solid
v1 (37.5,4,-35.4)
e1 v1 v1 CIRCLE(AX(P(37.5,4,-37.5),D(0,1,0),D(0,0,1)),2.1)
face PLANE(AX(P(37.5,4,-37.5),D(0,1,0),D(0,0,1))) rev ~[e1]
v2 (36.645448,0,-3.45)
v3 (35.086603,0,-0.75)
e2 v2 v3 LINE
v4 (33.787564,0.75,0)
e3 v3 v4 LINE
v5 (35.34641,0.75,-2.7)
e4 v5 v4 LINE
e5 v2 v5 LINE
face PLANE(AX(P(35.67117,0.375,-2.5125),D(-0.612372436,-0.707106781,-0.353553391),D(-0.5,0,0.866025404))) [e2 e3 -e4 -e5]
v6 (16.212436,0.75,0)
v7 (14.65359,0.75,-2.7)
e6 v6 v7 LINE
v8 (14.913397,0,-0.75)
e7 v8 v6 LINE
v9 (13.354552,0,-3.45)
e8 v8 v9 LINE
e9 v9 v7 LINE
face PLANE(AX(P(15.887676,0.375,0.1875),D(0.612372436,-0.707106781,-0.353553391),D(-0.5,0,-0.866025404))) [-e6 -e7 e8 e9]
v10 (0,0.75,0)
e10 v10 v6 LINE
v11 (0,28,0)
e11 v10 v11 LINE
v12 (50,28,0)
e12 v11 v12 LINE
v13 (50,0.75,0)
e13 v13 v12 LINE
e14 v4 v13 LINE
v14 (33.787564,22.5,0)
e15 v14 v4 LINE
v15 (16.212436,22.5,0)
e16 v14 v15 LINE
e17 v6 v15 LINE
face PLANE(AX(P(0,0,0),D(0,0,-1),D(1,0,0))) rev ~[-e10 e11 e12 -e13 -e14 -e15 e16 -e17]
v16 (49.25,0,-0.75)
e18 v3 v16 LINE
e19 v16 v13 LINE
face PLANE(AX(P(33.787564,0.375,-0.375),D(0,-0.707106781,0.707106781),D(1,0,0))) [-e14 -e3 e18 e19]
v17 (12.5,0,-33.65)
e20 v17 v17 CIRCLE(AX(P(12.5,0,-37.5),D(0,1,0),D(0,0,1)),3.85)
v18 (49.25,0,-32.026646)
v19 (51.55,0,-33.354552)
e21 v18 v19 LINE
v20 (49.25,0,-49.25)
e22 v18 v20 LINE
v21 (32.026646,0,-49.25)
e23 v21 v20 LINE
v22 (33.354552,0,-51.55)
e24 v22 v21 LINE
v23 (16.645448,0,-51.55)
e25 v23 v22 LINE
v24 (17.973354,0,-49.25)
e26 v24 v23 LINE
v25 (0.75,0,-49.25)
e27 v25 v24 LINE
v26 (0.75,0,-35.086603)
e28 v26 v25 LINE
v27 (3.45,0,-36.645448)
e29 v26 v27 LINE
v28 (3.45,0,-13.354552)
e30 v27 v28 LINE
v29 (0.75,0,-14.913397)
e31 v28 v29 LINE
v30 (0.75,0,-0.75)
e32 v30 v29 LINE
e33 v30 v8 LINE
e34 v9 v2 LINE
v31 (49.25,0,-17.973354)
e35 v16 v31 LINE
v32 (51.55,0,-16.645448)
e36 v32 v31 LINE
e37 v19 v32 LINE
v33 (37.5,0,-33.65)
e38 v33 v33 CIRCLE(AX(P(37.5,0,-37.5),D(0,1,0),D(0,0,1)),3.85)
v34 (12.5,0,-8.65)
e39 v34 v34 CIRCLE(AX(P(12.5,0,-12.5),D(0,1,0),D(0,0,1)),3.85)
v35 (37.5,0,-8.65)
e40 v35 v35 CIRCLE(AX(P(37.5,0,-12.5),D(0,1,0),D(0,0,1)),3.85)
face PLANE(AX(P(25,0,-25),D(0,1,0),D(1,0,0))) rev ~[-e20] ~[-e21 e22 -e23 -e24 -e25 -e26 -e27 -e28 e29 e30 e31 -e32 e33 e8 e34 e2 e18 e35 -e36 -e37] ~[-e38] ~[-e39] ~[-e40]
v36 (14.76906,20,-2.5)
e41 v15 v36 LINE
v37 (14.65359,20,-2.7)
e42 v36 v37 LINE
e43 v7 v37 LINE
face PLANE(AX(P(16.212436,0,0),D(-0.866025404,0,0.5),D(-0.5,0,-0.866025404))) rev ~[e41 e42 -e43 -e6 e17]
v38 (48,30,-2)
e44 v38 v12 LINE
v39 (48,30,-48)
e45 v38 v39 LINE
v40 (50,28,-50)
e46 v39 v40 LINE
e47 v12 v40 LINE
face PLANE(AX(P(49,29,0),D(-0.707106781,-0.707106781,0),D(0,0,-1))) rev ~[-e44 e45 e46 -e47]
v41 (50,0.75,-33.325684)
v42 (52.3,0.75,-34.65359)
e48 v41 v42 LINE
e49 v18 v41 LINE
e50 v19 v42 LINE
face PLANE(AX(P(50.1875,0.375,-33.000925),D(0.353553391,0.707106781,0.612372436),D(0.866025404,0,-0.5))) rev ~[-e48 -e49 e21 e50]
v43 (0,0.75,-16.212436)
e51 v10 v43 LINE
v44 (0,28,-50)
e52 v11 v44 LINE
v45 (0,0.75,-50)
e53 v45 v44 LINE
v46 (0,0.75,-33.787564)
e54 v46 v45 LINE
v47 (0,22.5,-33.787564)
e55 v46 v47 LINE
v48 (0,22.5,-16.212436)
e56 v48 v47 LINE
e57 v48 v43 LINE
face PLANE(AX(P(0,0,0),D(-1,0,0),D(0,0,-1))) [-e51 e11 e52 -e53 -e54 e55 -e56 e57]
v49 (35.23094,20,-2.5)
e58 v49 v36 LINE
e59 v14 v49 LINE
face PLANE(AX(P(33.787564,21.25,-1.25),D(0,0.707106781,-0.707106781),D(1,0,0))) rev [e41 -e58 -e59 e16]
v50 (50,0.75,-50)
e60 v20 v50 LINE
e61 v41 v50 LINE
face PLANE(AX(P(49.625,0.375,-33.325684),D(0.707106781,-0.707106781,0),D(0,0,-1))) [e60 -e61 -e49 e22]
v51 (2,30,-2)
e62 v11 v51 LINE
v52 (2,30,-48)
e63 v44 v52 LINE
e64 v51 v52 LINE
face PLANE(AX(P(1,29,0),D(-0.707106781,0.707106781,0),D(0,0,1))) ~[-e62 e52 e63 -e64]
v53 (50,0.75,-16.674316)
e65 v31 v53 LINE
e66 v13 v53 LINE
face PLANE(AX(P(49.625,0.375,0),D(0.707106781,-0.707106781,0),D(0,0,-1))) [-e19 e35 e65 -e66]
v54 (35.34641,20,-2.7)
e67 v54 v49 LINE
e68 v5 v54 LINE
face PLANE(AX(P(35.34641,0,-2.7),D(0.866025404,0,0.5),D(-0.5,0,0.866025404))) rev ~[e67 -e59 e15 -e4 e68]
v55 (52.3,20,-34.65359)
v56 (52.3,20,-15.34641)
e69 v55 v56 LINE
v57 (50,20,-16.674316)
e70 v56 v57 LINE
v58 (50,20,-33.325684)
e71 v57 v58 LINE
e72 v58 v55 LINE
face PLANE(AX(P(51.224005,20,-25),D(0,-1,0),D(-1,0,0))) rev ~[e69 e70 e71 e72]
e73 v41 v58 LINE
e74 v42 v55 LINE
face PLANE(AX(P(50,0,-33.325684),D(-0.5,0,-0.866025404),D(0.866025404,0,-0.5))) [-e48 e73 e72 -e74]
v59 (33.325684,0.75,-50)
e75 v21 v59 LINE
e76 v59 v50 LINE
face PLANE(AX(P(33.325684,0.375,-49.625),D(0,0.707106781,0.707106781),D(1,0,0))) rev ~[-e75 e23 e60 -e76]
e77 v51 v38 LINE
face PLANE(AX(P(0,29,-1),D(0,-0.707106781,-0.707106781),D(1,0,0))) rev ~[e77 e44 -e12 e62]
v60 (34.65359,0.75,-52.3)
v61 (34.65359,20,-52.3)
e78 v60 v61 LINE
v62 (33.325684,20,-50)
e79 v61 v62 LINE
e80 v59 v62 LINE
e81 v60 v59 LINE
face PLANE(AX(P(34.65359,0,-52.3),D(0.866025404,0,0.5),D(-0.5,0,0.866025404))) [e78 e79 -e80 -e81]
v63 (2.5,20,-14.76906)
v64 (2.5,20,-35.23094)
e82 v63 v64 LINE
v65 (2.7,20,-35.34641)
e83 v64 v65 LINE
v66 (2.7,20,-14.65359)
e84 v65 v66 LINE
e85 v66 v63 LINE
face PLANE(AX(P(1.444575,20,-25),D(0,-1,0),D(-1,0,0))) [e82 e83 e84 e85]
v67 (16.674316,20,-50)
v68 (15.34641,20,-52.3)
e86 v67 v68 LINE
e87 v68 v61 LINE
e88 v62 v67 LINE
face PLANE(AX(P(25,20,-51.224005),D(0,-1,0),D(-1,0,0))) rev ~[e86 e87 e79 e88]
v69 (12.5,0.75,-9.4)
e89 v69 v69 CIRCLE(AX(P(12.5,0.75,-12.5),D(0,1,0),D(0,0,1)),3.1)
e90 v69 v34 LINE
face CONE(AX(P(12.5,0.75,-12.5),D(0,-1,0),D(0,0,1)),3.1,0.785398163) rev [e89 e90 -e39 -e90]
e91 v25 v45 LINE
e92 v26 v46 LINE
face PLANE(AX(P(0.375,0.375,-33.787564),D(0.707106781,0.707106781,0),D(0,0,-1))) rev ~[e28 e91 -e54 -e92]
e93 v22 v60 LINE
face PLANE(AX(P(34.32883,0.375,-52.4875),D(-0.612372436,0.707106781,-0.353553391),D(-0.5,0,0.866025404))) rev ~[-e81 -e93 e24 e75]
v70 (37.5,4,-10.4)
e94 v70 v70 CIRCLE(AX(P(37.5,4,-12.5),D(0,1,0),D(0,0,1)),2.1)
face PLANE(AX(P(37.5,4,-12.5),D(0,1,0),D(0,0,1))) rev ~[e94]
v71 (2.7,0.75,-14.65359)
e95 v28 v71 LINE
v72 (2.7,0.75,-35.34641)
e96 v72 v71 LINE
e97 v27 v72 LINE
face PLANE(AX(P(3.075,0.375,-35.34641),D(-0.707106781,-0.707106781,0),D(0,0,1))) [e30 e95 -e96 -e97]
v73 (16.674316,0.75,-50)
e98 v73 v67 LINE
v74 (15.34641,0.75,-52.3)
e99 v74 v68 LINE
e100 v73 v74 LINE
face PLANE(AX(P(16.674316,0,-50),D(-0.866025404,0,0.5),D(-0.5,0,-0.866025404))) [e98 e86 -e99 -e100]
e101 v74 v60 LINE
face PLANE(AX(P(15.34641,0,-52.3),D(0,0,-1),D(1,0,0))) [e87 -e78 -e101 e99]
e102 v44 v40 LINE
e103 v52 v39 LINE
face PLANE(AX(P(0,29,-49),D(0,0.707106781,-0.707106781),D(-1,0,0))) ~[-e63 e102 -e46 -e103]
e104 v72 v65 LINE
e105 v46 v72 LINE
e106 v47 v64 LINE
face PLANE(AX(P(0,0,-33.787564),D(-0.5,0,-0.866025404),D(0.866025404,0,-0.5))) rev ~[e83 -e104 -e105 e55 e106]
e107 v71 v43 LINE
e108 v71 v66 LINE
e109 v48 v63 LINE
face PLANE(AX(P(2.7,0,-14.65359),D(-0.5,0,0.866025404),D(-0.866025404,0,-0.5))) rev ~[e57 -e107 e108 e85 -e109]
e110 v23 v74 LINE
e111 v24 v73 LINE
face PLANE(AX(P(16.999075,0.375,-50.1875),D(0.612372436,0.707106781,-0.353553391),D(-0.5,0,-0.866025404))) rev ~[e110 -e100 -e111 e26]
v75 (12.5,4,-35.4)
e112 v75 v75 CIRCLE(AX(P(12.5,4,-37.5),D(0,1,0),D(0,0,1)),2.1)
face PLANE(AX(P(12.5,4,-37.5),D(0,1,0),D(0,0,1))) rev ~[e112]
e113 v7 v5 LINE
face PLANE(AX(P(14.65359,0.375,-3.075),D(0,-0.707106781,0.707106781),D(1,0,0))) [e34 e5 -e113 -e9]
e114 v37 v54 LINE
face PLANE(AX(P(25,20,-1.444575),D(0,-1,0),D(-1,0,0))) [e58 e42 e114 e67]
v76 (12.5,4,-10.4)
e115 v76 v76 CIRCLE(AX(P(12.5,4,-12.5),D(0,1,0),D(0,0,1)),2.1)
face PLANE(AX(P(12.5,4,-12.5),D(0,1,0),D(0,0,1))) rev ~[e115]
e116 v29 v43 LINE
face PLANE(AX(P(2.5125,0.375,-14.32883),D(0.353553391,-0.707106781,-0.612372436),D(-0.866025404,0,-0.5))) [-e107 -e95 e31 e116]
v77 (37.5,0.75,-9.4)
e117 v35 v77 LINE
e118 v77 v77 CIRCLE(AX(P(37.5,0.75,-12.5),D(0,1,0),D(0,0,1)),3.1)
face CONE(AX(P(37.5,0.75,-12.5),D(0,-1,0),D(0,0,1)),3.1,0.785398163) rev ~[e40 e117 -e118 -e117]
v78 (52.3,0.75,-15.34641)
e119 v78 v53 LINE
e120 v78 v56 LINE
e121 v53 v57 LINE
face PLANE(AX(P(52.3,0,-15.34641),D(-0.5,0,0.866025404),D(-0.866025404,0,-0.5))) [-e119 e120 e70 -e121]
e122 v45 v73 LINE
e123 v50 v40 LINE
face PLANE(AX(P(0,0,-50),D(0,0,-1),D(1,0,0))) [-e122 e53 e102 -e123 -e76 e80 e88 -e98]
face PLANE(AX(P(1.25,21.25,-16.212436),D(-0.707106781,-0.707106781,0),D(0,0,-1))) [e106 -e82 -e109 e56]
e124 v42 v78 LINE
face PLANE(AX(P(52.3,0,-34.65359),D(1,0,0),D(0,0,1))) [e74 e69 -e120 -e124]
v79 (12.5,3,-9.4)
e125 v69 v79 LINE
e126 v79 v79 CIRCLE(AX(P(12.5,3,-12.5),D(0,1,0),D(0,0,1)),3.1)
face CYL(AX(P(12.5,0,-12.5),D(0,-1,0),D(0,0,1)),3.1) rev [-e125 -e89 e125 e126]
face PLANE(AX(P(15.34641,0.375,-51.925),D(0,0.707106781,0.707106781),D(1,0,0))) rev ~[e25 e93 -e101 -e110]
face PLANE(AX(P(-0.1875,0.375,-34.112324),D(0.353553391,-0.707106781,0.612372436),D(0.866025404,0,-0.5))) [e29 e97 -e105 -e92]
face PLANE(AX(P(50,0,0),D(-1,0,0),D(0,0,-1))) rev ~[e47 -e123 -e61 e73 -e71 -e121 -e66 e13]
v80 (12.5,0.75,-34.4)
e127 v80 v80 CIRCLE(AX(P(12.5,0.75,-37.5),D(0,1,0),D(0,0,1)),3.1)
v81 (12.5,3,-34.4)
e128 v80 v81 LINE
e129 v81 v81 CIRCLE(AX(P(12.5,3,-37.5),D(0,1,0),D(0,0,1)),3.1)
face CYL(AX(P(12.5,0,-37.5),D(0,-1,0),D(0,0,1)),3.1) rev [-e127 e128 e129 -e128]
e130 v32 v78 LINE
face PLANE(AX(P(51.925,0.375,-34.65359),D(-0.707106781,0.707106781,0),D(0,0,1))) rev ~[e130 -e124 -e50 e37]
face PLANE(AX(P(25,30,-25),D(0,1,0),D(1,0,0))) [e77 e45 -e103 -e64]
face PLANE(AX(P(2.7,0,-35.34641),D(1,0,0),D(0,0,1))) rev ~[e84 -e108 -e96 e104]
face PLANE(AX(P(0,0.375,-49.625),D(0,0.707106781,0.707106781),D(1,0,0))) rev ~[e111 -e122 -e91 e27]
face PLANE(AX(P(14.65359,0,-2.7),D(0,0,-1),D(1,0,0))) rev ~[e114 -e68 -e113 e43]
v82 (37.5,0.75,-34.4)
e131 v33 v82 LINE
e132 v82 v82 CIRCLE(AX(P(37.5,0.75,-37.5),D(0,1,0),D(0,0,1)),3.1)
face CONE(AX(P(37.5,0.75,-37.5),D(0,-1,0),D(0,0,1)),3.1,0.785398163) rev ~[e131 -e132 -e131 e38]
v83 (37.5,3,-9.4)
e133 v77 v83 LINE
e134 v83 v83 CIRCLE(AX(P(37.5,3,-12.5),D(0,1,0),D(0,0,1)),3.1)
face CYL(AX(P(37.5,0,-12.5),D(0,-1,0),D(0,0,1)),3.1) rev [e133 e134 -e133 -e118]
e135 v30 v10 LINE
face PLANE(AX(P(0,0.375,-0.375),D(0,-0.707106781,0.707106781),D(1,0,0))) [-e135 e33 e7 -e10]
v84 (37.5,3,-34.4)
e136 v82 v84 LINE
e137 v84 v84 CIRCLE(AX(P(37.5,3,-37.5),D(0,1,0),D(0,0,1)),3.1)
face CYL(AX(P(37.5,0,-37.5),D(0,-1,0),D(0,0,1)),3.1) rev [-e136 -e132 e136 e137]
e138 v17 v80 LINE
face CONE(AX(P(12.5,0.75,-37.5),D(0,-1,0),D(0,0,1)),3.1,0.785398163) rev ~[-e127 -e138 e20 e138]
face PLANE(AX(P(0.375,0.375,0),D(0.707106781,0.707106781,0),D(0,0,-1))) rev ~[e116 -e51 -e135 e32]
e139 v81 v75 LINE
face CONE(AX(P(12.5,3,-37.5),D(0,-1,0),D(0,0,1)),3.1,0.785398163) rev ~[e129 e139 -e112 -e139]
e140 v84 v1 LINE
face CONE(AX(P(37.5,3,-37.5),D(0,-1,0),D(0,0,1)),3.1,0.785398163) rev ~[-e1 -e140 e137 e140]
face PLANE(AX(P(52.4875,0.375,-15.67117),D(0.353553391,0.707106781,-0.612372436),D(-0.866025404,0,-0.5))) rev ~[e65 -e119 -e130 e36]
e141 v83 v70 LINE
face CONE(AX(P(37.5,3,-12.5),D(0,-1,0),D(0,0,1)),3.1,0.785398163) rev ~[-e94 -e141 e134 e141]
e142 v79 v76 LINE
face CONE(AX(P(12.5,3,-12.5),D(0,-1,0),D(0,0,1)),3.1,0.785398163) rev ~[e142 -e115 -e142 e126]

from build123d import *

# Parameters (mm, degrees)
SKETCH1_W           = 50
SKETCH1_H           = 50
BOSS_EXTRUDE1_DEPTH = 30
BOSS_EXTRUDE2_DEPTH = 20
BOSS_EXTRUDE3_DEPTH = 20
CUT_EXTRUDE5_DEPTH  = 20
CUT_EXTRUDE6_DEPTH  = 20
CHAMFER1_SIZE       = 2
SKETCH4_R           = 3.1
CUT_EXTRUDE4_DEPTH  = 4
CHAMFER2_SIZE       = 1
CHAMFER3_SIZE       = 0.75
CHAMFER4_SIZE       = 2.5


with BuildPart() as part:
    # Sketch1 → Boss-Extrude1 (new body)
    with BuildSketch(Plane(origin=(0, 0, 0), x_dir=(1, 0, 0), z_dir=(0, 1, 0))):
        with Locations((25, 25)):
            Rectangle(SKETCH1_W, SKETCH1_H)
    extrude(amount=BOSS_EXTRUDE1_DEPTH)

    # Sketch3 → Boss-Extrude2 (add)
    with BuildSketch(Plane(origin=(0, 0, 0), x_dir=(1, 0, 0), z_dir=(0, 1, 0))):
        Polygon((50, 16.674315781), (50, 33.325684219), (52.3, 34.653589838), (52.3, 15.346410162), align=None)
    extrude(amount=BOSS_EXTRUDE2_DEPTH)

    # Sketch3<3> → Boss-Extrude3 (add)
    with BuildSketch(Plane(origin=(0, 0, 0), x_dir=(1, 0, 0), z_dir=(0, 1, 0))):
        Polygon((33.325684219, 50), (16.674315781, 50), (15.346410162, 52.3), (34.653589838, 52.3), align=None)
    extrude(amount=BOSS_EXTRUDE3_DEPTH)

    # Sketch3<6> → Cut-Extrude5 (cut)
    with BuildSketch(Plane(origin=(0, 0, 0), x_dir=(1, 0, 0), z_dir=(0, 1, 0))):
        Polygon((0, 33.787564435), (2.7, 35.346410162), (2.7, 14.653589838), (0, 16.212435565), align=None)
    extrude(amount=CUT_EXTRUDE5_DEPTH, mode=Mode.SUBTRACT)

    # Sketch3<7> → Cut-Extrude6 (cut)
    with BuildSketch(Plane(origin=(0, 0, 0), x_dir=(1, 0, 0), z_dir=(0, 1, 0))):
        Polygon((16.212435565, 0), (14.653589838, 2.7), (35.346410162, 2.7), (33.787564435, 0), align=None)
    extrude(amount=CUT_EXTRUDE6_DEPTH, mode=Mode.SUBTRACT)

    # Chamfer1
    chamfer1_edges = [part.edges().sort_by_distance(p)[0] for p in [
        (25, 30, -50),
        (50, 30, -25),
        (25, 30, 0),
        (0, 30, -25),
    ]]
    chamfer(chamfer1_edges, length=CHAMFER1_SIZE)

    # Sketch4 → Cut-Extrude4 (cut)
    with BuildSketch(Plane(origin=(0, 0, 0), x_dir=(1, 0, 0), z_dir=(0, 1, 0))):
        with Locations((12.5, 37.5)):
            Circle(SKETCH4_R)
        with Locations((37.5, 37.5)):
            Circle(SKETCH4_R)
        with Locations((37.5, 12.5)):
            Circle(SKETCH4_R)
        with Locations((12.5, 12.5)):
            Circle(SKETCH4_R)
    extrude(amount=CUT_EXTRUDE4_DEPTH, mode=Mode.SUBTRACT)

    # Chamfer2
    chamfer2_edges = [part.edges().sort_by_distance(p)[0] for p in [
        (34.4, 4, -12.5),
        (9.4, 4, -12.5),
        (9.4, 4, -37.5),
        (34.4, 4, -37.5),
    ]]
    chamfer(chamfer2_edges, length=CHAMFER2_SIZE)

    # Chamfer3
    chamfer3_edges = [part.edges().sort_by_distance(p)[0] for p in [
        (41.893782217, 0, 0),
        (50, 0, -8.33715789),
        (50, 0, -41.66284211),
        (41.66284211, 0, -50),
        (8.33715789, 0, -50),
        (0, 0, -41.893782217),
        (0, 0, -8.106217783),
        (8.106217783, 0, 0),
        (9.4, 0, -37.5),
        (34.4, 0, -37.5),
        (34.4, 0, -12.5),
        (9.4, 0, -12.5),
        (51.15, 0, -16.010362971),
        (52.3, 0, -25),
        (51.15, 0, -33.989637029),
        (33.989637029, 0, -51.15),
        (25, 0, -52.3),
        (16.010362971, 0, -51.15),
        (1.35, 0, -34.566987298),
        (2.7, 0, -25),
        (1.35, 0, -15.433012702),
        (15.433012702, 0, -1.35),
        (25, 0, -2.7),
        (34.566987298, 0, -1.35),
    ]]
    chamfer(chamfer3_edges, length=CHAMFER3_SIZE)

    # Chamfer4
    chamfer4_edges = [part.edges().sort_by_distance(p)[0] for p in [
        (25, 20, 0),
        (0, 20, -25),
    ]]
    chamfer(chamfer4_edges, length=CHAMFER4_SIZE)


solid = part.part
